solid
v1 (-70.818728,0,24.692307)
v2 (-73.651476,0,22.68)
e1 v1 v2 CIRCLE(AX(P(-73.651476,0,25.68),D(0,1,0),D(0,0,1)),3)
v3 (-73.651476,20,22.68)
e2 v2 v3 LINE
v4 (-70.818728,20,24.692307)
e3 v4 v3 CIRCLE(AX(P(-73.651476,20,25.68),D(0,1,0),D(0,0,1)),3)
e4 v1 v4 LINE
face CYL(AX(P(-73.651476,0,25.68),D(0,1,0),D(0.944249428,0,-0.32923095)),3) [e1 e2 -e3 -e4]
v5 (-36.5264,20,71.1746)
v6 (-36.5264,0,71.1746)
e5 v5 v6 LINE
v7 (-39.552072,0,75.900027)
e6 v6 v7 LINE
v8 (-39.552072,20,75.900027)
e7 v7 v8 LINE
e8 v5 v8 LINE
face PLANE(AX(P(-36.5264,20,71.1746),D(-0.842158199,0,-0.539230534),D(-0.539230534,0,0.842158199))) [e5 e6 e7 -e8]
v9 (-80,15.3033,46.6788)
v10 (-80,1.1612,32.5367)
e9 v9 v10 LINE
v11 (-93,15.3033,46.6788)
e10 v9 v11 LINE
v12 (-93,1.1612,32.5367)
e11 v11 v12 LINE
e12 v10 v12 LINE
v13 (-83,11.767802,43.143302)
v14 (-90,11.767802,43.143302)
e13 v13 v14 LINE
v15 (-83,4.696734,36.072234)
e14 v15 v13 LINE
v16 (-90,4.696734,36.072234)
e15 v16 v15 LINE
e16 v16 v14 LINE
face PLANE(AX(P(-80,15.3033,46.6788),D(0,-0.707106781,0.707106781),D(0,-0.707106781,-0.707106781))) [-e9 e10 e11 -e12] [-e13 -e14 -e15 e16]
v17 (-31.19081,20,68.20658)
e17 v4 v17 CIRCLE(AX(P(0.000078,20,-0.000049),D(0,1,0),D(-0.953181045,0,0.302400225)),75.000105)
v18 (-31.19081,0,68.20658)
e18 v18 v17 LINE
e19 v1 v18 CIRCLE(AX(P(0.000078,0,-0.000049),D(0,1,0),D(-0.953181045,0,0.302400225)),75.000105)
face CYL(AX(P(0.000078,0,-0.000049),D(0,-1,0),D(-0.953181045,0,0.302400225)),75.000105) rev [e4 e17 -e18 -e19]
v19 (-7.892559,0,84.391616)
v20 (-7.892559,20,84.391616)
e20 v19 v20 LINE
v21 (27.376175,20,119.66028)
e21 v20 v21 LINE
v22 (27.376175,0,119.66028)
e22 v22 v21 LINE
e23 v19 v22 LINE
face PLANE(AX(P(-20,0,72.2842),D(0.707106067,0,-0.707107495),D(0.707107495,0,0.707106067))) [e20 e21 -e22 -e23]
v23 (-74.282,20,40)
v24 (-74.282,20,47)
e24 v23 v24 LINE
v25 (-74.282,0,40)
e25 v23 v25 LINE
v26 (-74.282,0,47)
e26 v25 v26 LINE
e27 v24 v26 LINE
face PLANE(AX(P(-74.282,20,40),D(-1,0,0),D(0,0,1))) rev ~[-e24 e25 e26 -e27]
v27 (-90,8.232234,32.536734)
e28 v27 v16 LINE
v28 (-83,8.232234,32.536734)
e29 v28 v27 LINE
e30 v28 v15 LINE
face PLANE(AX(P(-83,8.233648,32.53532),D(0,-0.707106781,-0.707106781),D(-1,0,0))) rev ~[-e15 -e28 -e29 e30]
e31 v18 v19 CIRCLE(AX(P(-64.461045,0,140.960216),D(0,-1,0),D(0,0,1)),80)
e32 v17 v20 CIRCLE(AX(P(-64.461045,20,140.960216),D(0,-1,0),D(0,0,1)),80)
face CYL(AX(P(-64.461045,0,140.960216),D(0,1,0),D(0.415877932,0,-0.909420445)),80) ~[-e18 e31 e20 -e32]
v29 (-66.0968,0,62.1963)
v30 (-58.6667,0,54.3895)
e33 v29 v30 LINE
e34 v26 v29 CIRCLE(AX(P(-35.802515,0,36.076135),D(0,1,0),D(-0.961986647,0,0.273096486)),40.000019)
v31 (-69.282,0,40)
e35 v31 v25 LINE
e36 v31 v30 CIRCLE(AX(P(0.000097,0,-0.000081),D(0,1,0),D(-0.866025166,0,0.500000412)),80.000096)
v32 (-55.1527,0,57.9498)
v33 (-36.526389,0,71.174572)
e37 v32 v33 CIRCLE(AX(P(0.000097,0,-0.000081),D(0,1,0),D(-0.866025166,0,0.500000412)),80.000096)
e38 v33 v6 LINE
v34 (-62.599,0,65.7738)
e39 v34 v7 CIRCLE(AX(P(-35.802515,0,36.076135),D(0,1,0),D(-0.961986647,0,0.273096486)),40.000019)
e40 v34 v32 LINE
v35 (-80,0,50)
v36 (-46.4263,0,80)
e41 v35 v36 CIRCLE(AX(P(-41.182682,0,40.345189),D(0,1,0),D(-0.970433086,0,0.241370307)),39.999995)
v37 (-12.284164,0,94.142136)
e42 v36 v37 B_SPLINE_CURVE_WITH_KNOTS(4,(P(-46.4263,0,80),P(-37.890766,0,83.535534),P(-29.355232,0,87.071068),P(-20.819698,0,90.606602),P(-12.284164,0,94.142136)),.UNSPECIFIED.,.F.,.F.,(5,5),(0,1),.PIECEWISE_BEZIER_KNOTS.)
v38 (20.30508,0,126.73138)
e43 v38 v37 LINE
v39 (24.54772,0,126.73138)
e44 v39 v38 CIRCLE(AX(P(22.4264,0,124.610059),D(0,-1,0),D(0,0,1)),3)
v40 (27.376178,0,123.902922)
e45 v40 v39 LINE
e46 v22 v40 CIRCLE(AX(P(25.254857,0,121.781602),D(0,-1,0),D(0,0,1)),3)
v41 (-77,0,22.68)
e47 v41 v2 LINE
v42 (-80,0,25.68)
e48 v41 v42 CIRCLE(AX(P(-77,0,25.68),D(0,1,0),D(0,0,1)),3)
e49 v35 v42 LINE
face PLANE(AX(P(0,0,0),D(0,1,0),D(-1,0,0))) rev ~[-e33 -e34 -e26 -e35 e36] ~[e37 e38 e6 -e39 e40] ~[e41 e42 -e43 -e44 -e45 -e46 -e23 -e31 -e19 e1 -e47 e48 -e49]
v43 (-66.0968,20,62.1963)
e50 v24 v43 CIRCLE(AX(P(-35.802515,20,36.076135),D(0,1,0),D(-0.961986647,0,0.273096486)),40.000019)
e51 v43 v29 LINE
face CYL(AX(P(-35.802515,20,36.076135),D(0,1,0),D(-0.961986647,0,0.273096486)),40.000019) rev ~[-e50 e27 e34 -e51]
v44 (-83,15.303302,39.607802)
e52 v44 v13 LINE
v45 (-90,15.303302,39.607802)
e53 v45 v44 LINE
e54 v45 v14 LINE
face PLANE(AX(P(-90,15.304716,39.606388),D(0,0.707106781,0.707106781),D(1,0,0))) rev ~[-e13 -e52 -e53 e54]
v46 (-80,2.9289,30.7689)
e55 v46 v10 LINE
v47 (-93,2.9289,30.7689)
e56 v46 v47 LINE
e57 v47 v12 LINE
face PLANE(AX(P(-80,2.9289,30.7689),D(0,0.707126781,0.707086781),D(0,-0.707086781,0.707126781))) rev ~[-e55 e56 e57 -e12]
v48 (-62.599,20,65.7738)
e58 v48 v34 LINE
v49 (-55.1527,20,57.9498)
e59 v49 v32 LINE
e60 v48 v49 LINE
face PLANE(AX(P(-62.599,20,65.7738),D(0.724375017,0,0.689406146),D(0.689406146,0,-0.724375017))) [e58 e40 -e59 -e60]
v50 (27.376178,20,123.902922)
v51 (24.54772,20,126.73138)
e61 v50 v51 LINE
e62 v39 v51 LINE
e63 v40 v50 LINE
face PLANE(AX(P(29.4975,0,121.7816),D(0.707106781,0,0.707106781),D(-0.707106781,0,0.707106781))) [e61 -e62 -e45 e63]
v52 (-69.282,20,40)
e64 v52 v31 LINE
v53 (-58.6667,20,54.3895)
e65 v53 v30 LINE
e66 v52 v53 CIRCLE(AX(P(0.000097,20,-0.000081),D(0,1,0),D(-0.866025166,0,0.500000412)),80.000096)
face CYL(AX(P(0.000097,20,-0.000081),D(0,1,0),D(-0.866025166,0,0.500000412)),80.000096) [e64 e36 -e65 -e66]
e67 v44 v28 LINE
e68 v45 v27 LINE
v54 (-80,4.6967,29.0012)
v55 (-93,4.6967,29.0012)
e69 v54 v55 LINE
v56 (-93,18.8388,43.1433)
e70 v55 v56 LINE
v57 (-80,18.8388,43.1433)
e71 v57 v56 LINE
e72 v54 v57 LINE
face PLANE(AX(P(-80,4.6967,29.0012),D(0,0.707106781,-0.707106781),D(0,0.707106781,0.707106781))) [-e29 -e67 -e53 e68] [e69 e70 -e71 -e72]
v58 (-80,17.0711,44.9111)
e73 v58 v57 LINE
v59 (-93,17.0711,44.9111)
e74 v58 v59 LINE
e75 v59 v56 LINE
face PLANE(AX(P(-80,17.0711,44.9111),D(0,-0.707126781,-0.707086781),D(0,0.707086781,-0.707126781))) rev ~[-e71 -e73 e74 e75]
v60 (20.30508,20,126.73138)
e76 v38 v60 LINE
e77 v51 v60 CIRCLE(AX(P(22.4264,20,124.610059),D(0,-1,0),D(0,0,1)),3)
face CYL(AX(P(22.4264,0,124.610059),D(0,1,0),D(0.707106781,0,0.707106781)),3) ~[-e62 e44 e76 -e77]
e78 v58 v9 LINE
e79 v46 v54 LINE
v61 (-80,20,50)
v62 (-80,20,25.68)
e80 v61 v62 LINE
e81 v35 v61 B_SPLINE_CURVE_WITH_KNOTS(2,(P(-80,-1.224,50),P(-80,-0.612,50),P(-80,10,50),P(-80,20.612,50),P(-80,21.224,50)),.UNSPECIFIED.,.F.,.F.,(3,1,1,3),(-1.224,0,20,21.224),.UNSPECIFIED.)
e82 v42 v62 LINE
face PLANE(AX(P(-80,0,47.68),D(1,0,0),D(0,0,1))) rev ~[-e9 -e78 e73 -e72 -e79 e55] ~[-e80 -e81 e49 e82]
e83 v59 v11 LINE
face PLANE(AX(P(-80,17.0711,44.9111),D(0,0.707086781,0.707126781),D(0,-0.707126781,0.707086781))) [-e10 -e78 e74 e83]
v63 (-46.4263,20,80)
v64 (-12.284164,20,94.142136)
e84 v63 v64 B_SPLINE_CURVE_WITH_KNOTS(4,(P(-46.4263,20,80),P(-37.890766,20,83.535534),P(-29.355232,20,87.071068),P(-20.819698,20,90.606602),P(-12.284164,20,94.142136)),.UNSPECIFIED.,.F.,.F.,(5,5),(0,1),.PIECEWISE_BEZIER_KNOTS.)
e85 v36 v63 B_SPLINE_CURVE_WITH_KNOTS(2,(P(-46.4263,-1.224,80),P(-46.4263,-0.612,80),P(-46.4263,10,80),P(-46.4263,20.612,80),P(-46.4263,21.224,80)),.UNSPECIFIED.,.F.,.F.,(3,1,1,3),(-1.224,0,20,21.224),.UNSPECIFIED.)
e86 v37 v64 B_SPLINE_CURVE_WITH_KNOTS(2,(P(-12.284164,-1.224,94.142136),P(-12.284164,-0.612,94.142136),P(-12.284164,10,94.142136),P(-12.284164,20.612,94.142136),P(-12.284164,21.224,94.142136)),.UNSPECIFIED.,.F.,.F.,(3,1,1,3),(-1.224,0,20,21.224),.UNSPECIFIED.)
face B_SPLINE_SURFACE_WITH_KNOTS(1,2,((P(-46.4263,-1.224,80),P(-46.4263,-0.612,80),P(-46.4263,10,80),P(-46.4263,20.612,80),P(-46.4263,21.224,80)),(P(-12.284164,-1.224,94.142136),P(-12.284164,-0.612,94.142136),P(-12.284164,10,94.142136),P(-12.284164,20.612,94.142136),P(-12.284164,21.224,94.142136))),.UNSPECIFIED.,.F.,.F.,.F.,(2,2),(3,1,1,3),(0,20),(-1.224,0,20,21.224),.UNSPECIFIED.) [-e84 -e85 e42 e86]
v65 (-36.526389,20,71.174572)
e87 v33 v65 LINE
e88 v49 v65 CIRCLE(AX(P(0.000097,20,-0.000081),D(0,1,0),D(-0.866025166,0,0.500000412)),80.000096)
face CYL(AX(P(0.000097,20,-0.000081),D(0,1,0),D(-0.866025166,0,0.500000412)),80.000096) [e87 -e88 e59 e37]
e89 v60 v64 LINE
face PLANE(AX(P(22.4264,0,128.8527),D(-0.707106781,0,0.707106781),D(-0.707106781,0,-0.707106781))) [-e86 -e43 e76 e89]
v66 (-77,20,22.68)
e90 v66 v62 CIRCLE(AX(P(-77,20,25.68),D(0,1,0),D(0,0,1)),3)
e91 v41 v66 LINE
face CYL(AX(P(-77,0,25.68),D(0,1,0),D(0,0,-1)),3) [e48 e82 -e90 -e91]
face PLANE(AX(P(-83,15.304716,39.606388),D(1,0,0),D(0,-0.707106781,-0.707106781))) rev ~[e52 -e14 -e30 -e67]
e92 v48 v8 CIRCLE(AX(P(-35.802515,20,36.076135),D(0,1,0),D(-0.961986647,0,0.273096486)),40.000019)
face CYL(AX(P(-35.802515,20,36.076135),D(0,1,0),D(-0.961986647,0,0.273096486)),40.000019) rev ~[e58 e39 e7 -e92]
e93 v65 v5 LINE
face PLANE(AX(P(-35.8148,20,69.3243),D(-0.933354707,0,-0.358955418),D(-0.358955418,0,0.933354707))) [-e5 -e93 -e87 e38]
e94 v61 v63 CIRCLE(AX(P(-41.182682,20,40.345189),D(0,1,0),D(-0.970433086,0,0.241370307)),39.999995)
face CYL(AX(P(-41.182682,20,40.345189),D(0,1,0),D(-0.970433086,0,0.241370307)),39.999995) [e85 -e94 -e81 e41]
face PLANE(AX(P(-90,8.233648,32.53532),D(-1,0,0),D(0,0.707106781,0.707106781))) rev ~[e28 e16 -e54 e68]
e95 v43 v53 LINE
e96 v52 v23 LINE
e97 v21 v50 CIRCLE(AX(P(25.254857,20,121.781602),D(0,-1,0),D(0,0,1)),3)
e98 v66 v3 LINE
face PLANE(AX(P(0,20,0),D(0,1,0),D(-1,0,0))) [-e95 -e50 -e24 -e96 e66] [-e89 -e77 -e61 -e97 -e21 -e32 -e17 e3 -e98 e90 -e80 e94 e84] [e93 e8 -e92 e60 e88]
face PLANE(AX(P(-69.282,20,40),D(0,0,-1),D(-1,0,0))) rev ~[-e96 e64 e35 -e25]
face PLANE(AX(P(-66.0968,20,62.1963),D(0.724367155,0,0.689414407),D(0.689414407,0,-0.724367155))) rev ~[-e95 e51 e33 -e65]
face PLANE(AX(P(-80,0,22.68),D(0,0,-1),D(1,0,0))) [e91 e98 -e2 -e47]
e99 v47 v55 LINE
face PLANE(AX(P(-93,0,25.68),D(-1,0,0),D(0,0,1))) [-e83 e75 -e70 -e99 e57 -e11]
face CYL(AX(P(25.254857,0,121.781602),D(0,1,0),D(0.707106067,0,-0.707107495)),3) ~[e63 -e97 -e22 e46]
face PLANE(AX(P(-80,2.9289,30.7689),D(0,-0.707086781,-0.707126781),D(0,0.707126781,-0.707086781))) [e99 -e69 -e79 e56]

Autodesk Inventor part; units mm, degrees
ref_plane "YZ Plane" through (0, 0, 0) normal (1, 0, 0) x (0, 1, 0)
ref_plane "XZ Plane" through (0, 0, 0) normal (0, 1, 0) x (-1, 0, 0)
ref_plane "XY Plane" through (0, 0, 0) normal (0, 0, 1) x (1, 0, 0)
sketch "Boceto1" plane through (0, 0, 0) normal (0, 1, 0) x (-1, 0, 0)
  line L0 (80, 47.68) -> (80, 52.68)
  line L1 (80, 47.68) -> (80, 22.68)
  line L2 (80, 22.68) -> (75, 22.68)
  line L3 (75, 22.68) -> (71.4886, 22.68)
  line L4 (80, 80) -> (80, 52.68)
  line L5 (20, 72.2842) -> (-29.4975, 121.7816)
  line L6 (20, 72.2842) -> (90, 72.2842) construction
  line L7 (-29.4975, 121.7816) -> (-22.4264, 128.8527)
  line L8 (29.9618, 80) -> (80, 80)
  arc A0 (71.4886, 22.68) -> (20, 72.2842) centre (0, 0) ccw
  line L9 (-22.4264, 128.8527) -> (26.4263, 80)
  line L10 (26.4263, 80) -> (29.9618, 80)
  dimension "d4" = 5
  dimension "d5" = 25
  dimension "d21" = 70
  dimension "d22" = 135
  dimension "d23" = 10
extrude "Extrusión5" add sketch "Boceto1" along normal blind 20
fillet "Empalme3" radius 80 1 edges at (-20, 10, 72.2842)
fillet "Empalme4" radius 3 4 edges at (29.4975, 10, 121.7816) (22.4264, 10, 128.8527) (-71.4886, 10, 22.68) (-80, 10, 22.68)
fillet "Empalme5" radius 30 1 edges at (-80, 10, 80)
chamfer "Chaflán1" distance 20 angle 45 1 edges at (-26.4263, 10, 80)
sketch "Boceto4" plane through (0, 20, 0) normal (0, 1, 0) x (1, 0, 0)
  arc A0 (-69.282, -40) -> (-27.3616, -75.1754) centre (0, 0) ccw
  line L0 (0, 0) -> (-69.282, -40) construction
  line L1 (0, 0) -> (80, 0) construction
  line L2 (0, 0) -> (-27.3616, -75.1754) construction
  line L3 (-69.282, -40) -> (-74.282, -40)
  line L4 (-74.282, -40) -> (-74.282, -47)
  arc A1 (-74.282, -47) -> (-27.3616, -75.1754) centre (-35.8026, -36.0762) ccw
  dimension "d35" = 80
  dimension "d36" = 150
  dimension "d37" = 40
  dimension "d38" = 5
  dimension "d39" = 7
  dimension "d40" = 40
extrude "Extrusión6" cut sketch "Boceto4" against normal blind 20
sketch "Boceto5" plane through (0, 20, 0) normal (0, 1, 0) x (1, 0, 0)
  line L0 (-80, -50) -> (-80, -25.68) projected
  line L1 (-46.4263, -80) -> (-50, -80) projected
  arc A0 (-80, -50) -> (-46.4263, -80) centre (-41.1827, -40.3452) ccw
  arc A1 (-80, -50) -> (-46.4263, -80) centre (-50.0008, -50.2137) ccw
  line L2 (-27.3616, -75.1754) -> (-17.3616, -75.1754) construction
  point P0 (0, 0)
  dimension "d43" = 40
  dimension "d44" = 30
extrude "Extrusión7" cut sketch "Boceto5" against normal blind 20
sketch "Boceto6" plane through (0, 20, 0) normal (0, 1, 0) x (1, 0, 0)
  line L0 (-36.5264, -71.1746) -> (-40.1604, -76.8501)
  line L1 (-40.1604, -76.8501) -> (-29.2954, -83.1239)
  line L2 (-29.2954, -83.1239) -> (-25.1938, -76.0206)
  line L3 (-25.1938, -76.0206) -> (-24.7057, -75.1754)
  line L4 (-24.7057, -75.1754) -> (-35.8148, -69.3243)
  line L5 (-35.8148, -69.3243) -> (-36.5264, -71.1746)
  point P0 (0, 0)
  point P1 (-74.282, -47)
  dimension "d50" = 44.8319
extrude "Extrusión8" add sketch "Boceto6" against normal blind 20
sketch "Boceto7" plane through (0, 20, 0) normal (0, 1, 0) x (1, 0, 0)
  arc A0 (-69.282, -40) -> (-36.5264, -71.1746) centre (0, 0) ccw projected
  line L0 (-69.282, -40) -> (-74.282, -40) projected
  line L1 (-69.282, -40) -> (-69.282, -40)
  arc A1 (-74.282, -47) -> (-39.5521, -75.9) centre (-35.8026, -36.0762) ccw projected
  line L2 (-55.1527, -57.9498) -> (-58.6667, -54.3895)
  line L3 (-66.0968, -62.1963) -> (-58.6667, -54.3895)
  line L4 (-62.599, -65.7738) -> (-55.1527, -57.9498)
  line L5 (-66.0968, -62.1963) -> (-67.4453, -63.6132)
  line L6 (-67.4453, -63.6132) -> (-64.0789, -67.3287)
  line L7 (-64.0789, -67.3287) -> (-62.599, -65.7738)
extrude "Extrusión9" add sketch "Boceto7" against normal blind 20 contours A0 L4 A1 L3 | A1 L7 L6 L5
sketch "Boceto8" plane through (-80, 0, 25.68) normal (-1, 0, 0) x (0, 0, 1)
  point P0 (-25.68, 0)
sketch "Boceto9" plane through (-80, 0, 25.68) normal (-1, 0, 0) x (0, 0, 1)
  line L0 (0, 20) -> (24.32, 20) projected
  line L1 (0, 0) -> (0, 20) projected
  line L2 (24.32, 20) -> (24.32, 0) projected
  line L3 (-3, 20) -> (0, 20) projected
  line L4 (12.16, 10) -> (22.16, 10) construction
  line L5 (19.2311, 17.0711) -> (20.9988, 15.3033)
  line L6 (19.2311, 17.0711) -> (17.4633, 18.8388)
  line L7 (5.0889, 2.9289) -> (6.8567, 1.1612)
  line L8 (5.0889, 2.9289) -> (3.3212, 4.6967)
  line L9 (3.3212, 4.6967) -> (17.4633, 18.8388)
  line L10 (20.9988, 15.3033) -> (6.8567, 1.1612)
  point P0 (-25.68, 0)
  dimension "d56" = 10
  dimension "d58" = 10
  dimension "d59" = 2.5
  dimension "d60" = 2.5
extrude "Extrusión10" add sketch "Boceto9" along normal blind 13
sketch "Boceto10" plane through (-80, 4.6967, 29.0012) normal (0, 0.7071, -0.7071) x (-1, 0, 0)
  line L0 (13, 0) -> (13, 20) projected
  line L1 (13, 20) -> (13, 0)
  line L2 (10, 10) -> (10, 15)
  line L3 (10, 15) -> (3, 15)
  line L4 (3, 15) -> (3, 5)
  line L5 (3, 5) -> (10, 5)
  line L6 (10, 5) -> (10, 10)
  point P0 (-80, -23.828)
  dimension "d64" = 5
  dimension "d65" = 7
  dimension "d66" = 10
extrude "Extrusión11" cut sketch "Boceto10" against normal blind 13
properties part number "Positioner_Adapter_Izq" material "ABS Plastic Black"
